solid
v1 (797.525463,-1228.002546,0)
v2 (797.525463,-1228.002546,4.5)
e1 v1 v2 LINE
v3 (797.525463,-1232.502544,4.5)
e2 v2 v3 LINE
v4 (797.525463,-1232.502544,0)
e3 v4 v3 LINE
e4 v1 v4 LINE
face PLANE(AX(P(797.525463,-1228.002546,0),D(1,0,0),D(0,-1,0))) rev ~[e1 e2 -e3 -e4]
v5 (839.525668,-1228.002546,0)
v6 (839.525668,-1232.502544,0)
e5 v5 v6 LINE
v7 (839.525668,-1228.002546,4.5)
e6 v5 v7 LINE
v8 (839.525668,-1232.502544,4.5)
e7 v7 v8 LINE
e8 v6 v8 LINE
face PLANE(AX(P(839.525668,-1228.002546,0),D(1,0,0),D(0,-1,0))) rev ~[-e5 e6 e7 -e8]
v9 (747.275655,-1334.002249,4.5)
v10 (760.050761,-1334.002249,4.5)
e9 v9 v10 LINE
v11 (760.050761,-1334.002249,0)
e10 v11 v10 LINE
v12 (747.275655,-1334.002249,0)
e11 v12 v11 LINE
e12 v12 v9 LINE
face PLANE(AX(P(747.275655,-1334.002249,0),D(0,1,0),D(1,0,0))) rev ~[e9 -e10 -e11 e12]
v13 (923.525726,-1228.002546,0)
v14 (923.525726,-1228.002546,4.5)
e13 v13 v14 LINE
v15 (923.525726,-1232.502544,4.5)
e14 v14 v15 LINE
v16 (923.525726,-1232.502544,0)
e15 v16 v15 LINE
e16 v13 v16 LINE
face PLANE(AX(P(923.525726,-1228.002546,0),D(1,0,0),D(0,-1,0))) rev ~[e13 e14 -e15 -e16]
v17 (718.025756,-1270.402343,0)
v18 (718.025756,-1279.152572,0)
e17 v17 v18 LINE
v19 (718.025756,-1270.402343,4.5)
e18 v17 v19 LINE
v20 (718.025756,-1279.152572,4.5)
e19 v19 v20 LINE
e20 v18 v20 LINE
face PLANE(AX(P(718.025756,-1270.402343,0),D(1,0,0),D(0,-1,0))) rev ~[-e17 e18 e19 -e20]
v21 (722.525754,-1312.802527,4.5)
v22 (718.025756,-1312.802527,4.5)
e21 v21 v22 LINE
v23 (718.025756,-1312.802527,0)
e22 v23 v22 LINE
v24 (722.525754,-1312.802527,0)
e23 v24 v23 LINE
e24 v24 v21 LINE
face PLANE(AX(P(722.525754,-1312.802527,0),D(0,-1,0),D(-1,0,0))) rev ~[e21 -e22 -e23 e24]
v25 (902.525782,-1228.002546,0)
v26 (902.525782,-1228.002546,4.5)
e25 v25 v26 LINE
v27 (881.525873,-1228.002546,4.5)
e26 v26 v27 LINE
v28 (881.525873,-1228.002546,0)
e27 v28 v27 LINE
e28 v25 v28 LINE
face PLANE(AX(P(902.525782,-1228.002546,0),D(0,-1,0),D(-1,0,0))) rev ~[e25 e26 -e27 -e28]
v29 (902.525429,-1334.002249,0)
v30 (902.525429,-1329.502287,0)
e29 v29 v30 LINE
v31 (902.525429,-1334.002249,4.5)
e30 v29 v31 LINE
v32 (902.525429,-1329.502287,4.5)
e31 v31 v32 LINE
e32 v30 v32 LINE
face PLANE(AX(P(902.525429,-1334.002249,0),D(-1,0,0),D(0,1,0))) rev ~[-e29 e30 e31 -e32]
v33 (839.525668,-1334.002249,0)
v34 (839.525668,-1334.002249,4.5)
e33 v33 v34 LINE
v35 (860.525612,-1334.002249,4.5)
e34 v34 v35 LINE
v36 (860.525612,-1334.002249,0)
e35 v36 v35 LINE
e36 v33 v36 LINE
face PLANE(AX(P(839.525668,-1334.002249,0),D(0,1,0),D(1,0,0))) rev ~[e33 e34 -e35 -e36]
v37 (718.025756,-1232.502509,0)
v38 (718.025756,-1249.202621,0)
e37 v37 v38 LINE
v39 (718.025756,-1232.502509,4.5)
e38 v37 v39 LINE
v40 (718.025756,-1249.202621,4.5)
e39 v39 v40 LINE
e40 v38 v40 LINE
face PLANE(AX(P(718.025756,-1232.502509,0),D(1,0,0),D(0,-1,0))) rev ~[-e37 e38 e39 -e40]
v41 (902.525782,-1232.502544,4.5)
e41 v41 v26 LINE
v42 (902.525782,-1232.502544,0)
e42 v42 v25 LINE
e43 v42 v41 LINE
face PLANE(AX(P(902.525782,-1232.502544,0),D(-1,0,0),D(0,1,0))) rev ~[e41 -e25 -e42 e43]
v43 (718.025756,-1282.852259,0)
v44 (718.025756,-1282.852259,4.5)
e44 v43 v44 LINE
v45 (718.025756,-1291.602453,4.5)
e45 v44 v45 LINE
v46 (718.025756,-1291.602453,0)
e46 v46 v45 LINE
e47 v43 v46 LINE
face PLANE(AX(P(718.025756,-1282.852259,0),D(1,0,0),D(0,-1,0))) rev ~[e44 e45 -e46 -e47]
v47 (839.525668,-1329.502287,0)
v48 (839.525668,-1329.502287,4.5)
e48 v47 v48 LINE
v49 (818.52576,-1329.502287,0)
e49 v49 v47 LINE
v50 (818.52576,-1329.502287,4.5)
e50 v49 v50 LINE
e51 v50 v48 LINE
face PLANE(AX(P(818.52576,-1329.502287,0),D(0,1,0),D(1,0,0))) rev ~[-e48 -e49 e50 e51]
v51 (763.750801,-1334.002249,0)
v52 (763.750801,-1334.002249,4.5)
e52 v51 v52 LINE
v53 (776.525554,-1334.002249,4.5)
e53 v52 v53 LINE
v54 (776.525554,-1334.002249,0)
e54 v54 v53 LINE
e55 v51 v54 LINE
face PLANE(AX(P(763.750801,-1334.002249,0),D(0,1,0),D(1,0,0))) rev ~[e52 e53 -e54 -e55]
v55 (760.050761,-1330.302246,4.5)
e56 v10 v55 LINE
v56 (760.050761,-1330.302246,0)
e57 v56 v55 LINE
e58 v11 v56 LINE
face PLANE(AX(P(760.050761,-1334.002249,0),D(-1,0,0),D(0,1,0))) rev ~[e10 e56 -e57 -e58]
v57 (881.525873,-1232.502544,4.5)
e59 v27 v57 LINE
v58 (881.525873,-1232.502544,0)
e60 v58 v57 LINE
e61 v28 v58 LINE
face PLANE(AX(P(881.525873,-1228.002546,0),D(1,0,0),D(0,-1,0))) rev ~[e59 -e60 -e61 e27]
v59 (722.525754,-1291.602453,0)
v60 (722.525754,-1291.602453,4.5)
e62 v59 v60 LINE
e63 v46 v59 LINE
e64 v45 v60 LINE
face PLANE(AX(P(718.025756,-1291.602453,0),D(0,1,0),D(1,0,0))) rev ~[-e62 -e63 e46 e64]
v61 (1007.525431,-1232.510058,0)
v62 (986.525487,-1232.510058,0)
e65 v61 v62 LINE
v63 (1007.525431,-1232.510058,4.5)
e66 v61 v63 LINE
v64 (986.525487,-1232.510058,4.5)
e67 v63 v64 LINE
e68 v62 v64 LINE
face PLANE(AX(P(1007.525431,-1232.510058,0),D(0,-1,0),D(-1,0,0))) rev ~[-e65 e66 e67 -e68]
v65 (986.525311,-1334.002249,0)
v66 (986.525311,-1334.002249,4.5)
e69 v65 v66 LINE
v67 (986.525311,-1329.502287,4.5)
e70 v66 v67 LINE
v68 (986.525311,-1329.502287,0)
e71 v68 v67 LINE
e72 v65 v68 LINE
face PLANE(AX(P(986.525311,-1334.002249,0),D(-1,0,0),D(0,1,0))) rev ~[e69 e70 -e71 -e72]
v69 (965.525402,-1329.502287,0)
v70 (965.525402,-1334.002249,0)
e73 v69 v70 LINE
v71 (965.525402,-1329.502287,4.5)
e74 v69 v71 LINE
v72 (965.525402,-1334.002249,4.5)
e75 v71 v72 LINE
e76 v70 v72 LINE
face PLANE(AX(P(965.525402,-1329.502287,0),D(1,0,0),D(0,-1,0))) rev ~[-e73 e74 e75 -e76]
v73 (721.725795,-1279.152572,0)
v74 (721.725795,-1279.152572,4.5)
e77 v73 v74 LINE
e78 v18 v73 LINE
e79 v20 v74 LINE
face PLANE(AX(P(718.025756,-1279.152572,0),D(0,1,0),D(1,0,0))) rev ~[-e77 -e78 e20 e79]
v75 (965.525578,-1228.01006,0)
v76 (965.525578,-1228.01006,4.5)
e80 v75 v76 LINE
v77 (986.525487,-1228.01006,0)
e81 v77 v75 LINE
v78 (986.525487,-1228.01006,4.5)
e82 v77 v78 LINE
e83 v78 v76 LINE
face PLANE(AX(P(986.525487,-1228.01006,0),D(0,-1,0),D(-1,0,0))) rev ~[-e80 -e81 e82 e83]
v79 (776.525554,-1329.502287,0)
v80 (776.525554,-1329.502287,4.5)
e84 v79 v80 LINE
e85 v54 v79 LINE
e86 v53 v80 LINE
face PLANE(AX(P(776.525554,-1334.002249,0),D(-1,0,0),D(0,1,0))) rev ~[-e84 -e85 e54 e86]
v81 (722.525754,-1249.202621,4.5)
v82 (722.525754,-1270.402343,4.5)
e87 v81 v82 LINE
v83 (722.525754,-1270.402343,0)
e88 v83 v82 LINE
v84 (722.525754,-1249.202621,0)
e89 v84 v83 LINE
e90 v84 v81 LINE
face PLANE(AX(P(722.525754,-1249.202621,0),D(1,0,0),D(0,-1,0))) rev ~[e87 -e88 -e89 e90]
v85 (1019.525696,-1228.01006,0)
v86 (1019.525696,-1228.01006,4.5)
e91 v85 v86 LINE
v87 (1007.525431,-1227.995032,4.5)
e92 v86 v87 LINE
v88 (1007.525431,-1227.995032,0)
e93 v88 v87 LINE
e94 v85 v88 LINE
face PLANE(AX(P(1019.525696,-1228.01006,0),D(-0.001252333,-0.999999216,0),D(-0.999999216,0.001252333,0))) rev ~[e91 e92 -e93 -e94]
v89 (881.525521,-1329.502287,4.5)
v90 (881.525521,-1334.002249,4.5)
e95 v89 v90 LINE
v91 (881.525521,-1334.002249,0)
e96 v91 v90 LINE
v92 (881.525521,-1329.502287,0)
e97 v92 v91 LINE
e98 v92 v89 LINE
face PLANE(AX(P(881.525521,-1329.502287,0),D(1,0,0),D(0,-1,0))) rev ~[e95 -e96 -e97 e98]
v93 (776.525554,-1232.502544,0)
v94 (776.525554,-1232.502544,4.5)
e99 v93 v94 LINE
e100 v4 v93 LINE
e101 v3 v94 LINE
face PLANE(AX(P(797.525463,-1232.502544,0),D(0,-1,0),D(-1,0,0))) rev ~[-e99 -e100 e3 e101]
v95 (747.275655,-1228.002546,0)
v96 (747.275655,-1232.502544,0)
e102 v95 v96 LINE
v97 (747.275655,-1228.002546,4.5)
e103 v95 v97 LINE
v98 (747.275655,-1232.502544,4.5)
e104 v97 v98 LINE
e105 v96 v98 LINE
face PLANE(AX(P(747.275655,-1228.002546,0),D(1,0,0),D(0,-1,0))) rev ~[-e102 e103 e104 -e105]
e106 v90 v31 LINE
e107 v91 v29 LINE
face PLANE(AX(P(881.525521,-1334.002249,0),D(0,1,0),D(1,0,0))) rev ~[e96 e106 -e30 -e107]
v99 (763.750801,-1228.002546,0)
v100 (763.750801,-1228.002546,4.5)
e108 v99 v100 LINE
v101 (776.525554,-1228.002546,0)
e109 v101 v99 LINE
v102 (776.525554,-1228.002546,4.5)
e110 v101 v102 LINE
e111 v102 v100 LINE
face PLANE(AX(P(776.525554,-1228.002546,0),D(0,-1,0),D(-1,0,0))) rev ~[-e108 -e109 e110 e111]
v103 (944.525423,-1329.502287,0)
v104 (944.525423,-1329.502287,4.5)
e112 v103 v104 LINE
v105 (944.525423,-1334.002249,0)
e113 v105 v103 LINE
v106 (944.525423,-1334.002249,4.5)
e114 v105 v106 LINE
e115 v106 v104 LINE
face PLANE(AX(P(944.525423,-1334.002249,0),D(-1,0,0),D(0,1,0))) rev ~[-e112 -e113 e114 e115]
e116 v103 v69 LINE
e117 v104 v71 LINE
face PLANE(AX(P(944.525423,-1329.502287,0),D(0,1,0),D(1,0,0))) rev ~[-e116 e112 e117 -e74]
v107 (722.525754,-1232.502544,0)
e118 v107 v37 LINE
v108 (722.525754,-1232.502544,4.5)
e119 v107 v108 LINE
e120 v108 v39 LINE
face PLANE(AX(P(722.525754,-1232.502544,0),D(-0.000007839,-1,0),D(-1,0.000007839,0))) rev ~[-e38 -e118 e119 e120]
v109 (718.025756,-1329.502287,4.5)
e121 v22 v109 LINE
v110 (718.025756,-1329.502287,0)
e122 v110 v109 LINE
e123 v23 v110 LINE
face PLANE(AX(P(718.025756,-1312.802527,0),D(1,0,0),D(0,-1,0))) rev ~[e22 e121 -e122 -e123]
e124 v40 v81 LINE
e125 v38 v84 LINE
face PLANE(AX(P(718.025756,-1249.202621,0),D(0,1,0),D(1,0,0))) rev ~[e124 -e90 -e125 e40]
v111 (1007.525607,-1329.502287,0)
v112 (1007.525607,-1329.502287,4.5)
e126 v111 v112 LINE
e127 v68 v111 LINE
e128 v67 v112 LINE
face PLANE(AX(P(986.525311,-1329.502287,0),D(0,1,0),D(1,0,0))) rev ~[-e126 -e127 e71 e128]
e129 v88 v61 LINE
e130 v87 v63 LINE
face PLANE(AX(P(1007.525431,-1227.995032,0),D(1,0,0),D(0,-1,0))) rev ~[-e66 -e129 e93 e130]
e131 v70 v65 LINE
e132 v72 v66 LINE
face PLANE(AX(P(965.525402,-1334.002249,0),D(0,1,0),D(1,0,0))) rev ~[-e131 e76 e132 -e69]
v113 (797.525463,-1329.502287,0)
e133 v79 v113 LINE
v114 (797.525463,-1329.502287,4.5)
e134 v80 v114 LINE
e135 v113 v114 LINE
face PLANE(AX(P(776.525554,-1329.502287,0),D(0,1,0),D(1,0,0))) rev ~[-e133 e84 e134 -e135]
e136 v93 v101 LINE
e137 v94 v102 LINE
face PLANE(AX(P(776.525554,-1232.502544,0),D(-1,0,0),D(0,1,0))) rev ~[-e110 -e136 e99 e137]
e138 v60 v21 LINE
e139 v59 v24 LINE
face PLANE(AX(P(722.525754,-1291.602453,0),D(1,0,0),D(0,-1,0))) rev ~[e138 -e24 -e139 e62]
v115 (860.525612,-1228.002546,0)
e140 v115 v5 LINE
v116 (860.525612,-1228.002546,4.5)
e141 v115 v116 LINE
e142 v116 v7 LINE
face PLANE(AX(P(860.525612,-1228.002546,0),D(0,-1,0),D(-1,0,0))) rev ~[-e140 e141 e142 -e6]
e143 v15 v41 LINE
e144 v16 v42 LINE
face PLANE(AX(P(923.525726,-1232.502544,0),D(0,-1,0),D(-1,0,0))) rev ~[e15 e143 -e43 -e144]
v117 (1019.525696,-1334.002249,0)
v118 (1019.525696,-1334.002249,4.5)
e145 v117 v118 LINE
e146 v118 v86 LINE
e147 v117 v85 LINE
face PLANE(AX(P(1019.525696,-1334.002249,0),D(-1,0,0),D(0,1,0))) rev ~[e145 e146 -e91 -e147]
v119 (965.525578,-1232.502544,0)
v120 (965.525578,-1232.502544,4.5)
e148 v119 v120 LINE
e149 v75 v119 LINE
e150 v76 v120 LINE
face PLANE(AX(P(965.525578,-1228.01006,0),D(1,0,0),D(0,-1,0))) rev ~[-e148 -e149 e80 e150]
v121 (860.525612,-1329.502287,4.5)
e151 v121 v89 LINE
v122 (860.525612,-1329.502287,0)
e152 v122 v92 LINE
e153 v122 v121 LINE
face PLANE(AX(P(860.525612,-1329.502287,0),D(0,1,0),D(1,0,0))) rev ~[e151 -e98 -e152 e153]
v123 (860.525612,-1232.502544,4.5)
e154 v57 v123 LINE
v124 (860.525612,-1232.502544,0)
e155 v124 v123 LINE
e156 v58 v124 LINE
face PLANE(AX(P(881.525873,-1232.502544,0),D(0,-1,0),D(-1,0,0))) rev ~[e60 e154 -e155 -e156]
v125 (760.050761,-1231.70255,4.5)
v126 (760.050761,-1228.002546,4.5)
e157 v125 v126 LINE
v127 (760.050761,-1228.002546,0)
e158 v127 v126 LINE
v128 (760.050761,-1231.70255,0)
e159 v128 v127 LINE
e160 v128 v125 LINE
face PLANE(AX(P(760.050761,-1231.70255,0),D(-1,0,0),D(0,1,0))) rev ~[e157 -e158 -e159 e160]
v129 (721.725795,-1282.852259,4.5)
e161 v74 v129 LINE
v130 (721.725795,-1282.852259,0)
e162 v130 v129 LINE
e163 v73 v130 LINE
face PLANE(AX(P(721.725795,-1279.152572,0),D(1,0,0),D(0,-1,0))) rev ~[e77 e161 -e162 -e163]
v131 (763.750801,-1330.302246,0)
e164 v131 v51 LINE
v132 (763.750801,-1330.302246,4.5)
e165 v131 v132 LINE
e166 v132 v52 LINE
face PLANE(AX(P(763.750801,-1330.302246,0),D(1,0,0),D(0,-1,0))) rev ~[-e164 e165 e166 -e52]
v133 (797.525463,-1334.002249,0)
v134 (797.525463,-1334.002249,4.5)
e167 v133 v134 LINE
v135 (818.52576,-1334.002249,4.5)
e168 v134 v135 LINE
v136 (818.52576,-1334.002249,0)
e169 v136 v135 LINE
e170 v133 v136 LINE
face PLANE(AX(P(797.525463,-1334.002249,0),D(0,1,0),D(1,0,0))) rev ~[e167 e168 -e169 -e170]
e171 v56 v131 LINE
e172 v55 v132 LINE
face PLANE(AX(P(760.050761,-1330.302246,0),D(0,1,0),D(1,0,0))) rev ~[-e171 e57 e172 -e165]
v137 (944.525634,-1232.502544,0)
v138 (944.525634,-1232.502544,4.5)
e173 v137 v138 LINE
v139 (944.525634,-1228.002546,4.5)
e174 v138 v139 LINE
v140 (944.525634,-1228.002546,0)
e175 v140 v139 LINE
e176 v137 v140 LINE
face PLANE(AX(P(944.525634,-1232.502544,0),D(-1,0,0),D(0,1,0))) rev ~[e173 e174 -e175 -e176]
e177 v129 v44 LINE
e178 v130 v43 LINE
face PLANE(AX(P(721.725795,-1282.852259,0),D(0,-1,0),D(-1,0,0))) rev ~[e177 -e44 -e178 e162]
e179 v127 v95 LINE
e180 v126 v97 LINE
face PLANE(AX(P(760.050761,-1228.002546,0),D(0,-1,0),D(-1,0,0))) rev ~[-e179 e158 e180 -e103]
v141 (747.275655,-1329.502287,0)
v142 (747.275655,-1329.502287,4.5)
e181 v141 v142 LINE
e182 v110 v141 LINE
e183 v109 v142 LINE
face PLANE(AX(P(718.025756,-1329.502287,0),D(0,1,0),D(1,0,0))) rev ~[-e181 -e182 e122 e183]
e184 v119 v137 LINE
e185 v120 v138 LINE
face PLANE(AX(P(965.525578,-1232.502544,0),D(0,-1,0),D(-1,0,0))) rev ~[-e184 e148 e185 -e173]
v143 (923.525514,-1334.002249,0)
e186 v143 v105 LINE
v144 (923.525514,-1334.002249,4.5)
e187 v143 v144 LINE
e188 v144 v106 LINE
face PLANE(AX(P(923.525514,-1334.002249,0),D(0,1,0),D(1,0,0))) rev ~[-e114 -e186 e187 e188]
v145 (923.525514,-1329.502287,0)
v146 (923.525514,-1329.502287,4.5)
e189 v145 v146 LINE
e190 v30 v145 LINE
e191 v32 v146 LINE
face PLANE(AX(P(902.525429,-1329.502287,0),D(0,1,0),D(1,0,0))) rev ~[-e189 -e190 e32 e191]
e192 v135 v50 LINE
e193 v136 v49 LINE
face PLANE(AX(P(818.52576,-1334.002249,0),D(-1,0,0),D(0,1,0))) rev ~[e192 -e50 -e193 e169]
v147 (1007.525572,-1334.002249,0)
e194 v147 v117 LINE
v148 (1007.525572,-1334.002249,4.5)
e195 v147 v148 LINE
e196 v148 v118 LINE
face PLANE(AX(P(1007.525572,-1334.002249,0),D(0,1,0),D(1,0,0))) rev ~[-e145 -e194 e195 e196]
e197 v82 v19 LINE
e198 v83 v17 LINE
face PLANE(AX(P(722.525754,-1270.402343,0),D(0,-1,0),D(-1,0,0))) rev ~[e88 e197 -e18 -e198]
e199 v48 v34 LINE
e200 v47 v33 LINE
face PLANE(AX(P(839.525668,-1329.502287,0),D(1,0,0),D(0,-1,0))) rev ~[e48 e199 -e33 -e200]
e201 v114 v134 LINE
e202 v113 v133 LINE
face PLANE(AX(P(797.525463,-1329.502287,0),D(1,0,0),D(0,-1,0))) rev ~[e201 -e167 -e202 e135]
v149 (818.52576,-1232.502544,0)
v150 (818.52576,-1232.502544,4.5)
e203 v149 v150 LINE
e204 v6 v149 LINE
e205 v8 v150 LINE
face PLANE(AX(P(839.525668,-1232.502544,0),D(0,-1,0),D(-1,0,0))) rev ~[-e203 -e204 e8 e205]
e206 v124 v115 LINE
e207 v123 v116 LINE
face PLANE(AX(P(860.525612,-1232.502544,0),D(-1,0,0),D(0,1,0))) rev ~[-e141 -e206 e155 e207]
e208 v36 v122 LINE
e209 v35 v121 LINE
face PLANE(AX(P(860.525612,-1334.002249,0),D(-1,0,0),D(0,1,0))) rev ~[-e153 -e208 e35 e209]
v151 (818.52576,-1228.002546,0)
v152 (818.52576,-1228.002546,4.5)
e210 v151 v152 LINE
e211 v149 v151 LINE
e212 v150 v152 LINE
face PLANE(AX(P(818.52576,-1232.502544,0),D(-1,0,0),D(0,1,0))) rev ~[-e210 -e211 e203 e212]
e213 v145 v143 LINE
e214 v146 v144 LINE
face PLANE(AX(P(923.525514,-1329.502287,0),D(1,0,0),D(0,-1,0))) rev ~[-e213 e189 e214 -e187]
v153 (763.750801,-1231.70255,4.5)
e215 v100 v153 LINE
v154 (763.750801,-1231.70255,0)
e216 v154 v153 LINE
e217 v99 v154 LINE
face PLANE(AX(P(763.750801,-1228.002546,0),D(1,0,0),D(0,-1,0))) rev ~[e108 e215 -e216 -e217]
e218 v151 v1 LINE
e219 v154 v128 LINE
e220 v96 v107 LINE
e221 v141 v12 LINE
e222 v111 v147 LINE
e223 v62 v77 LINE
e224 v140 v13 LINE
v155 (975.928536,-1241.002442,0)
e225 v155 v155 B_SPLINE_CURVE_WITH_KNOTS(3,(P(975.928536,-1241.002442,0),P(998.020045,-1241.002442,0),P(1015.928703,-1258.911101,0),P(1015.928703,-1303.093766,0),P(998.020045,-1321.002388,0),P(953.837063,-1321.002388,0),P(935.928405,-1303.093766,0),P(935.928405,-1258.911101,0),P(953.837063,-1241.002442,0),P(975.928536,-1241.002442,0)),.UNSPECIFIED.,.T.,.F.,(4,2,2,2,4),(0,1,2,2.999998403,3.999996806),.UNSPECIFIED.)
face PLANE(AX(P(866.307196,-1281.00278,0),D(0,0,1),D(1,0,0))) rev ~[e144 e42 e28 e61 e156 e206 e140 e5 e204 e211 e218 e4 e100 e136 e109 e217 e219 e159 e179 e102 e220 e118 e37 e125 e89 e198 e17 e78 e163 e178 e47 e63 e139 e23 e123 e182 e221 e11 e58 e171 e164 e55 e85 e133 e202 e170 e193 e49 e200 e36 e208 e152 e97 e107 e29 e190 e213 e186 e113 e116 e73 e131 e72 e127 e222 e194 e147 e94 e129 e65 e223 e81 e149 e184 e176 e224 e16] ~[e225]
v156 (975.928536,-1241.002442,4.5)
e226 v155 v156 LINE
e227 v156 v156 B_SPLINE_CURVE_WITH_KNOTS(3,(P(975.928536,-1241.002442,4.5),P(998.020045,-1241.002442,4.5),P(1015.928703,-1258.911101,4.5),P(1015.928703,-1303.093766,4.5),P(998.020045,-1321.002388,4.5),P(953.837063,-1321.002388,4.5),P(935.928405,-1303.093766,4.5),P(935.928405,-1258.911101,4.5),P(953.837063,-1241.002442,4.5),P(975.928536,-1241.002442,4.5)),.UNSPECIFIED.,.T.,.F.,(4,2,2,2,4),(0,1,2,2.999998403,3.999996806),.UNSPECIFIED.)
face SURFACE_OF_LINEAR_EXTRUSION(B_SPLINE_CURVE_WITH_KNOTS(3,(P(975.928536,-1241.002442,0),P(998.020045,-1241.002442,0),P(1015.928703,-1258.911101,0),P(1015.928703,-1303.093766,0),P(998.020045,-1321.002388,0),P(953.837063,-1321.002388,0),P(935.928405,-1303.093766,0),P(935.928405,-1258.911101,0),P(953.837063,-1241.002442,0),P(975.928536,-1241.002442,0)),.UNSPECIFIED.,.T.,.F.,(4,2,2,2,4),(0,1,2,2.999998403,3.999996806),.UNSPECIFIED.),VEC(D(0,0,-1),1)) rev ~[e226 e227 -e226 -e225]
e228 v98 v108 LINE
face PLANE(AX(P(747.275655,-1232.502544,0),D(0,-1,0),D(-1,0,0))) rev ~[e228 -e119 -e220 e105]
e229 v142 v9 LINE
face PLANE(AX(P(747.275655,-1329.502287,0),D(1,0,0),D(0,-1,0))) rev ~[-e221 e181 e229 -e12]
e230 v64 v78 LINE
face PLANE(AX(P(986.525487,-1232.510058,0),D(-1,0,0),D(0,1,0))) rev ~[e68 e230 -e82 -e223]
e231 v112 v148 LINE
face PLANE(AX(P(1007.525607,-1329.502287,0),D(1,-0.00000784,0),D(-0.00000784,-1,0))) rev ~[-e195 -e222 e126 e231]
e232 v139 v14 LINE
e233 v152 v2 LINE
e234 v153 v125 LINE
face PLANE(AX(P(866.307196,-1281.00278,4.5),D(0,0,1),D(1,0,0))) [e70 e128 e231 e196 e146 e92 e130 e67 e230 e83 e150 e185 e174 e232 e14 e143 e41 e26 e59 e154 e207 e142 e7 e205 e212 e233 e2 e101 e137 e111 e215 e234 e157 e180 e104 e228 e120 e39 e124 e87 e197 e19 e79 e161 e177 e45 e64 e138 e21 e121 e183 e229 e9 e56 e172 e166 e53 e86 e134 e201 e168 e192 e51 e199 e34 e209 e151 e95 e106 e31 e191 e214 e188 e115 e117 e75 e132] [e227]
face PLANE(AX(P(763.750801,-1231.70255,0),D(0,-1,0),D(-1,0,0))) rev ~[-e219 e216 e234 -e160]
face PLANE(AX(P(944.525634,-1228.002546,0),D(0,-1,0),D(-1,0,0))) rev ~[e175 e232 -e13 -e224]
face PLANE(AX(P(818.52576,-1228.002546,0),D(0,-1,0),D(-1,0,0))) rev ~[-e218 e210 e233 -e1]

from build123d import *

# Parameters (mm, degrees)
BOSS_EXTRUDE1_DEPTH = 4.5


with BuildPart() as part:
    # Model → Boss-Extrude1 (new body)
    with BuildSketch(Plane.XY):
        Polygon((760.050761477, -1228.002546082), (747.275655091, -1228.002546082), (747.275655091, -1232.502544136), (722.525753986, -1232.502544136), (718.025755932, -1232.502508859), (718.025755932, -1249.202620799), (722.525753986, -1249.202620799), (722.525753986, -1270.402342738), (718.025755932, -1270.402342738), (718.025755932, -1279.15257218), (721.725795097, -1279.15257218), (721.725795097, -1282.852258568), (718.025755932, -1282.852258568), (718.025755932, -1291.602452733), (722.525753986, -1291.602452733), (722.525753986, -1312.80252745), (718.025755932, -1312.80252745), (718.025755932, -1329.502286612), (747.275655091, -1329.502286612), (747.275655091, -1334.002249389), (760.050761477, -1334.002249389), (760.050761477, -1330.302245501), (763.750800642, -1330.302245501), (763.750800642, -1334.002249389), (776.52555425, -1334.002249389), (776.52555425, -1329.502286612), (797.525462856, -1329.502286612), (797.525462856, -1334.002249389), (818.525759518, -1334.002249389), (818.525759518, -1329.502286612), (839.525668123, -1329.502286612), (839.525668123, -1334.002249389), (860.525612007, -1334.002249389), (860.525612007, -1329.502286612), (881.525520613, -1329.502286612), (881.525520613, -1334.002249389), (902.525429219, -1334.002249389), (902.525429219, -1329.502286612), (923.525514214, -1329.502286612), (923.525514214, -1334.002249389), (944.525422819, -1334.002249389), (944.525422819, -1329.502286612), (965.525401981, -1329.502286612), (965.525401981, -1334.002249389), (986.525310587, -1334.002249389), (986.525310587, -1329.502286612), (1007.525607248, -1329.502286612), (1007.52557197, -1334.002249389), (1019.525696134, -1334.002249389), (1019.525696134, -1228.010060249), (1007.525430859, -1227.995031915), (1007.525430859, -1232.510058303), (986.525486976, -1232.510058303), (986.525486976, -1228.010060249), (965.52557837, -1228.010060249), (965.52557837, -1232.502544136), (944.525634486, -1232.502544136), (944.525634486, -1228.002546082), (923.52572588, -1228.002546082), (923.52572588, -1232.502544136), (902.525781997, -1232.502544136), (902.525781997, -1228.002546082), (881.525873391, -1228.002546082), (881.525873391, -1232.502544136), (860.525612007, -1232.502544136), (860.525612007, -1228.002546082), (839.525668123, -1228.002546082), (839.525668123, -1232.502544136), (818.525759518, -1232.502544136), (818.525759518, -1228.002546082), (797.525462856, -1228.002546082), (797.525462856, -1232.502544136), (776.52555425, -1232.502544136), (776.52555425, -1228.002546082), (763.750800642, -1228.002546082), (763.750800642, -1231.70254997), (760.050761477, -1231.70254997), align=None)
        with BuildLine():
            add(Edge.make_bspline(
                [(975.928536423, -1321.002388281), (953.837062817, -1321.002388281), (935.928404766, -1303.093765508), (935.928404766, -1281.002433013), (935.928404766, -1258.911100519), (953.837062817, -1241.002442468), (975.928536423, -1241.002442468)],
                knots=[2, 2, 2, 2, 3, 3, 3, 4, 4, 4, 4], degree=3))
            add(Edge.make_bspline(
                [(975.928536423, -1241.002442468), (998.020045306, -1241.002442468), (1015.928703357, -1258.911100519), (1015.928703357, -1281.002433013), (1015.928703357, -1303.093765508), (998.020045306, -1321.002388281), (975.928536423, -1321.002388281)],
                knots=[0, 0, 0, 0, 1, 1, 1, 2, 2, 2, 2], degree=3))
        make_face(mode=Mode.SUBTRACT)
    extrude(amount=BOSS_EXTRUDE1_DEPTH)


solid = part.part
